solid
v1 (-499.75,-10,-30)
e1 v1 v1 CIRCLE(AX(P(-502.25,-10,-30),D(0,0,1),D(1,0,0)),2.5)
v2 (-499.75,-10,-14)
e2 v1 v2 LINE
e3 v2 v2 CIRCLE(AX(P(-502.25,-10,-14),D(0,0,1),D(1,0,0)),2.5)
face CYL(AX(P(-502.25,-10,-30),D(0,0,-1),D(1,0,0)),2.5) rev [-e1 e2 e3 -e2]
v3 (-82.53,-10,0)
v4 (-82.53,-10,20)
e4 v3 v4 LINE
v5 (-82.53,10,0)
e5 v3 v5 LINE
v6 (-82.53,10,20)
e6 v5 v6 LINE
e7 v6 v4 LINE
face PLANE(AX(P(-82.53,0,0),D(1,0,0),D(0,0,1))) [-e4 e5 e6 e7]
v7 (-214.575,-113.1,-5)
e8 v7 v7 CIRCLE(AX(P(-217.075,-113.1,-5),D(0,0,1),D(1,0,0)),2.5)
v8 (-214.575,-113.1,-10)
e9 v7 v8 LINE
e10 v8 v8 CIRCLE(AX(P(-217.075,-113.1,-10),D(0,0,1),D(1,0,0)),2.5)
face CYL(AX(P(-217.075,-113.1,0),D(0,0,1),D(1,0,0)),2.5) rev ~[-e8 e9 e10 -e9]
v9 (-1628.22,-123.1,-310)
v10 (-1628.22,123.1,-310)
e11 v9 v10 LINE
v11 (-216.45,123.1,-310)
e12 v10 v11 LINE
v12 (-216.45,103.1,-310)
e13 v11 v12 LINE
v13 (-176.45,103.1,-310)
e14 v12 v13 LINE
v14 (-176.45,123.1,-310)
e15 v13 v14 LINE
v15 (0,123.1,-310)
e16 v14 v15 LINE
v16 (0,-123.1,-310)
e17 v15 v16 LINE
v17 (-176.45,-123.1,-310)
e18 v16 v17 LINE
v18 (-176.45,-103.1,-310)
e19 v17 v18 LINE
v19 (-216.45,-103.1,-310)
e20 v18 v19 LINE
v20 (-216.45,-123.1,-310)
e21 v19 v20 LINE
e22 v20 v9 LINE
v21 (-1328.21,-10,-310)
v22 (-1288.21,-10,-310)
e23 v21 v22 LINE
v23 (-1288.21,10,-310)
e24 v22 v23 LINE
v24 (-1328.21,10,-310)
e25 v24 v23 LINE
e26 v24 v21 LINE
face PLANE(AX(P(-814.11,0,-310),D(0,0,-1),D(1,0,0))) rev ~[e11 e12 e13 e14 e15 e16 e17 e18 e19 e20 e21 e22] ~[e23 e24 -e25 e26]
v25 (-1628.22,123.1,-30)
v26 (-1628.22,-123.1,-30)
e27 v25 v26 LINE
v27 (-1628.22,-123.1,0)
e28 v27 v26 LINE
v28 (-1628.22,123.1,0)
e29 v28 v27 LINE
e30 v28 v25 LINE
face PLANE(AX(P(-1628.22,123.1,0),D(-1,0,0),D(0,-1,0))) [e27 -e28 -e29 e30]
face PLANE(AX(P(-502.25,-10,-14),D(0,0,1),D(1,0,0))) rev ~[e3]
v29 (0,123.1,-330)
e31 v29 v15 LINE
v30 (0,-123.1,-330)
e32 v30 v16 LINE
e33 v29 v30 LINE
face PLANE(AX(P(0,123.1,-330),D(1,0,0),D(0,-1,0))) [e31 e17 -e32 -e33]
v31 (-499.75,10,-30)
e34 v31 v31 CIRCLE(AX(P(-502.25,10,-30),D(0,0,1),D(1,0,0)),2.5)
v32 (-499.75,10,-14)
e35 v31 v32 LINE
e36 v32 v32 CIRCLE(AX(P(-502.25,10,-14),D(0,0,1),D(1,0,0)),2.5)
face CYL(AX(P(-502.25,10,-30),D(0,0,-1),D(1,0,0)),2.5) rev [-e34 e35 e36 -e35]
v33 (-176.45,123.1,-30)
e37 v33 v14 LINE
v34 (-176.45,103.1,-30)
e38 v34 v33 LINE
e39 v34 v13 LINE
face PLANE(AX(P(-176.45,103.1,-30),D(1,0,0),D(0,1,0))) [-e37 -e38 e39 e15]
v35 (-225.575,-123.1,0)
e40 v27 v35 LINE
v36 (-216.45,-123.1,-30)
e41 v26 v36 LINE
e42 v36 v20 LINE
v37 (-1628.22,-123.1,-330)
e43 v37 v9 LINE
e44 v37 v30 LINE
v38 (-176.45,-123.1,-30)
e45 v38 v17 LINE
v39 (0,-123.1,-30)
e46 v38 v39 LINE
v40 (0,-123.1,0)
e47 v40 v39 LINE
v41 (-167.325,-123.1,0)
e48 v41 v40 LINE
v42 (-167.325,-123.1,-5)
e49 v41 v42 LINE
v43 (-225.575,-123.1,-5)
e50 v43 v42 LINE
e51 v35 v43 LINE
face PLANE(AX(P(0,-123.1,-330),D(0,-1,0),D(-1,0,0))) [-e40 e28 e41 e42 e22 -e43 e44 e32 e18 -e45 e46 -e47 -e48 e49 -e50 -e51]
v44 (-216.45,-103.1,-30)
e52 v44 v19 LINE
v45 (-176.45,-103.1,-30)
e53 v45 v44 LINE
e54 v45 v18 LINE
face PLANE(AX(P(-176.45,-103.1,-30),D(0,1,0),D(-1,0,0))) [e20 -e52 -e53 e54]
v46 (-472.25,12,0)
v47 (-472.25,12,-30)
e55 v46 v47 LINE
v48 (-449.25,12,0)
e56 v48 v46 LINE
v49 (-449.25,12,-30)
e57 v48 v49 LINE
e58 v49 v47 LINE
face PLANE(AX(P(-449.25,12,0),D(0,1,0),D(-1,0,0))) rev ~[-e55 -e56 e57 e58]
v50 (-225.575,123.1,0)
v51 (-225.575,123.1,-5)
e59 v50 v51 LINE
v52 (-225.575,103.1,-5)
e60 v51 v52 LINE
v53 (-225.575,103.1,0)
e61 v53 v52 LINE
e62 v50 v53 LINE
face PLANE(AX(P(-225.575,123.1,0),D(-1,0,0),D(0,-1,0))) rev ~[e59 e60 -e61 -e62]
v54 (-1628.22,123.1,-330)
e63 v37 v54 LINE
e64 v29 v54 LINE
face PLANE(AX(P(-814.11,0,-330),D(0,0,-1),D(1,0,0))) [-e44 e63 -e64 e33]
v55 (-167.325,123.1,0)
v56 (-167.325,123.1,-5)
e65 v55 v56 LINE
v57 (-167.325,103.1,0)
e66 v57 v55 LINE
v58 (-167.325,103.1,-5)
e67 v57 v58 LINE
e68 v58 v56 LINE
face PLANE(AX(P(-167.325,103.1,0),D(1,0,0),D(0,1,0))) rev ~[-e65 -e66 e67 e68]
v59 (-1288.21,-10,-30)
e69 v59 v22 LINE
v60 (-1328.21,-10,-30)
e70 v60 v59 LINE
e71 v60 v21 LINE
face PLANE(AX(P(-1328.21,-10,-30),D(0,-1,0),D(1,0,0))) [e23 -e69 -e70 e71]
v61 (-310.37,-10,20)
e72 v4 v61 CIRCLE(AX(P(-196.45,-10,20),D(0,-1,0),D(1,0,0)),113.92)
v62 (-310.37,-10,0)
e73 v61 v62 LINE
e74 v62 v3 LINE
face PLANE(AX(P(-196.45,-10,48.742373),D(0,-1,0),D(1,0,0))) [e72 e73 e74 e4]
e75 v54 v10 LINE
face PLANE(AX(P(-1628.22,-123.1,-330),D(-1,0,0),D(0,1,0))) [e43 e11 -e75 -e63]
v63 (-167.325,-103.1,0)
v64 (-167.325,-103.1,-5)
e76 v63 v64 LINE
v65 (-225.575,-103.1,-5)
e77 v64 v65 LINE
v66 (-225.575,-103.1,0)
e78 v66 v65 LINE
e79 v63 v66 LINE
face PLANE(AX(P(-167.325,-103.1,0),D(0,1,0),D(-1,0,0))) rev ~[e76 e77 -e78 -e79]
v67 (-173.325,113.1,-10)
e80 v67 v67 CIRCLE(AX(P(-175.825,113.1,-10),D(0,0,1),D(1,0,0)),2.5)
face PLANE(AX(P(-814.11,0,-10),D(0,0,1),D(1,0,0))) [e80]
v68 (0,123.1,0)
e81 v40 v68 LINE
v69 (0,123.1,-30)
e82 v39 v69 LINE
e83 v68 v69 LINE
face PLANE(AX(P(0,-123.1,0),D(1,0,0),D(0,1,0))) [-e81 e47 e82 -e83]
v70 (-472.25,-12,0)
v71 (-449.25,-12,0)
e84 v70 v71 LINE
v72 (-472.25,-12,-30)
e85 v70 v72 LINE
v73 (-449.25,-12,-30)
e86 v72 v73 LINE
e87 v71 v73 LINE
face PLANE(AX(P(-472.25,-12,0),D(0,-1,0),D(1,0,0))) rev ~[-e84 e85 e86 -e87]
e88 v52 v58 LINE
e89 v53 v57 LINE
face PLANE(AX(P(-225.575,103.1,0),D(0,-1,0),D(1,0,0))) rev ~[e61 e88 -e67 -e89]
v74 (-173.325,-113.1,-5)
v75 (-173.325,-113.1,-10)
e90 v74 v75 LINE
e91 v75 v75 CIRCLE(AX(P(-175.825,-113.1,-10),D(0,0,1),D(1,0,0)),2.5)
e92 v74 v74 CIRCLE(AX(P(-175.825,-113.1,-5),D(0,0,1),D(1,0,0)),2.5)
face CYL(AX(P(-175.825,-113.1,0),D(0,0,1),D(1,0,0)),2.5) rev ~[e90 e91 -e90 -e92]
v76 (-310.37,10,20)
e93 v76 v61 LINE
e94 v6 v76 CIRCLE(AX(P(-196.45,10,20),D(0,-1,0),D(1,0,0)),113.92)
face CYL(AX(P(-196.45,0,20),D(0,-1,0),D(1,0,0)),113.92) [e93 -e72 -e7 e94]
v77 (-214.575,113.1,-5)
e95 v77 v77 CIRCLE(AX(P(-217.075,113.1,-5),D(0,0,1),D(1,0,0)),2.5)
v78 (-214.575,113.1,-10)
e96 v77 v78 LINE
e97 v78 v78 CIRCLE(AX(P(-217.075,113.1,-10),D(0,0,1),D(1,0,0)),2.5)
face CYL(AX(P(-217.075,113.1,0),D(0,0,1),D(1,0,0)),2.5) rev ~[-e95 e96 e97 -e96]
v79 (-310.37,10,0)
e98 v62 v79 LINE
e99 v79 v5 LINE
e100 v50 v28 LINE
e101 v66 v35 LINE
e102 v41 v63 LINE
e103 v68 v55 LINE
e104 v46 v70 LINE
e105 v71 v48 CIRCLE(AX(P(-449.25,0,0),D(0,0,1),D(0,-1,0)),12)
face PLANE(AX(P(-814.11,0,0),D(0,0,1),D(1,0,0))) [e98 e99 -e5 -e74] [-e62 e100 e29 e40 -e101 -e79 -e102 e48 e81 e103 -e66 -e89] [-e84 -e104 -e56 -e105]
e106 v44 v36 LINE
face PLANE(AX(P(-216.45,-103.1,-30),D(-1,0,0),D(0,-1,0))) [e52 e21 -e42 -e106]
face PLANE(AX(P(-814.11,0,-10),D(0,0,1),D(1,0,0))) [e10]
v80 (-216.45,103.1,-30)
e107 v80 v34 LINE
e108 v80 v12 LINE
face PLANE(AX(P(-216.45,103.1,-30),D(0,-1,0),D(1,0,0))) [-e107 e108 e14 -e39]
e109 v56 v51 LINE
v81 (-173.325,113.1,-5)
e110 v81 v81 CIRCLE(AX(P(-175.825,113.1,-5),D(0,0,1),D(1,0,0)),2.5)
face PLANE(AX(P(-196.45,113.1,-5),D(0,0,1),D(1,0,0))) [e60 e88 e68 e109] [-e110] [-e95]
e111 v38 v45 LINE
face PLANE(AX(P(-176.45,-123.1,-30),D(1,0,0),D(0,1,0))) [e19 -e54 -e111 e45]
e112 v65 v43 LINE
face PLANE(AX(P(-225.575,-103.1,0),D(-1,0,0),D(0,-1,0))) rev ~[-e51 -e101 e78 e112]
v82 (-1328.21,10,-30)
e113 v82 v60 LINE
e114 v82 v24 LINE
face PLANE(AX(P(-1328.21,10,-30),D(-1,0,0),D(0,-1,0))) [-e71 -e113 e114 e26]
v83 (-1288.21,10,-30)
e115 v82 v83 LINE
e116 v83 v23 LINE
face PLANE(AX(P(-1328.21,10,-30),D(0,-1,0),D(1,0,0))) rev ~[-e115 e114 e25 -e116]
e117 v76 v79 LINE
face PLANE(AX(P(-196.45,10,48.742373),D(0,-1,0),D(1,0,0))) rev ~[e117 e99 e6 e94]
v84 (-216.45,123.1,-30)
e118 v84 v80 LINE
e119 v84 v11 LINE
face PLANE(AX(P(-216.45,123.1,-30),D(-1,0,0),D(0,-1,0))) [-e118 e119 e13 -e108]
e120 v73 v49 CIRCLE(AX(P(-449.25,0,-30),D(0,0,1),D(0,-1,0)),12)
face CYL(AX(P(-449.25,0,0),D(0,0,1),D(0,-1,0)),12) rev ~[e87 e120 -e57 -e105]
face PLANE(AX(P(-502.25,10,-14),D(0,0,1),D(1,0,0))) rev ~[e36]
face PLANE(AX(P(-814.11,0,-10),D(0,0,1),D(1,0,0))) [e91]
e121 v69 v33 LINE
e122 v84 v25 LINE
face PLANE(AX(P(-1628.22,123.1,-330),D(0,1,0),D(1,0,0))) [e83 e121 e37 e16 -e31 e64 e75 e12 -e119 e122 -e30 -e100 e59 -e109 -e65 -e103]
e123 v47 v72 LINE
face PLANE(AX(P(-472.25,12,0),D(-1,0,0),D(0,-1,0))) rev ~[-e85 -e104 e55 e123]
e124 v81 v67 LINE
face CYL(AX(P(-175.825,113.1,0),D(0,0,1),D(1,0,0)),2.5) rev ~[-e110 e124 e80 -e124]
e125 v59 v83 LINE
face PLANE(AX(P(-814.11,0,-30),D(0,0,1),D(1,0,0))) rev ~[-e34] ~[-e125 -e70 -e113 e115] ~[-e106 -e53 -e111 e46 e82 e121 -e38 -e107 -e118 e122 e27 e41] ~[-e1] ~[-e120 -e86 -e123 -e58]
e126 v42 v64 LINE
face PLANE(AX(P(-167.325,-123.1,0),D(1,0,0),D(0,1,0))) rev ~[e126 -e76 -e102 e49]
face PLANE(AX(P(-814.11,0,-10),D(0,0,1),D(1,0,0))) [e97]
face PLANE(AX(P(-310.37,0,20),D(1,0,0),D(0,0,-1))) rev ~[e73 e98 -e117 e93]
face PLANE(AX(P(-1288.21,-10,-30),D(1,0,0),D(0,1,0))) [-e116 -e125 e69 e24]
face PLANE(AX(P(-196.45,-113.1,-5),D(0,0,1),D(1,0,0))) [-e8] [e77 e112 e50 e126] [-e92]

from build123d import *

# Parameters (mm, degrees)
F1_DEPTH      = 30
F3_DEPTH      = 10
F3_DEPTH_BACK = 10
F5_DEPTH      = 30.001
F6_R          = 2.5
F7_DEPTH      = 5
F8_DEPTH      = 10
F10_R         = 2.5
F11_DEPTH     = 16
F12_W         = 40
F12_H         = 10
F13_DEPTH     = 300
F16_DEPTH     = 20


with BuildPart() as f1:
    # F0 (on Top) → F1 (new body)
    with BuildSketch(Plane.XY):
        Polygon((0, -123.1), (0, 0), (0, 123.1), (-1628.22, 123.1), (-1628.22, -123.1), align=None)
    extrude(amount=-F1_DEPTH)

    # F2 (on Front) → F3 (join, two sides)
    with BuildSketch(Plane.XZ) as f3_sk:
        with BuildLine():
            Line((-196.45, 0), (-82.53, 0))
            Line((-82.53, 0), (-82.53, 20))
            ThreePointArc((-82.53, 20), (-196.45, 133.92), (-310.37, 20))
            Line((-310.37, 20), (-310.37, 0))
            Line((-310.37, 0), (-196.45, 0))
        make_face()
    extrude(amount=F3_DEPTH)
    extrude(f3_sk.sketch, amount=-F3_DEPTH_BACK)

    # F4 (on Top) → F5 (cut, through all)
    with BuildSketch(Plane.XY):
        with BuildLine():
            Line((-449.25, 12), (-460.75, 12))
            Line((-460.75, 12), (-472.25, 12))
            Line((-472.25, 12), (-472.25, -12))
            Line((-472.25, -12), (-449.25, -12))
            ThreePointArc((-449.25, -12), (-437.25, 0), (-449.25, 12))
        make_face()
    extrude(amount=-F5_DEPTH, mode=Mode.SUBTRACT)

    # F6 (on Top) → F7 (cut)
    with BuildSketch(Plane.XY):
        Polygon((-167.325, 123.1), (-196.45, 123.1), (-225.575, 123.1), (-225.575, 103.1), (-167.325, 103.1), align=None)
        with Locations((-217.075, 113.1)):
            Circle(F6_R, mode=Mode.SUBTRACT)
        with Locations((-175.825, 113.1)):
            Circle(F6_R, mode=Mode.SUBTRACT)
        Polygon((-167.325, -123.1), (-167.325, -103.1), (-225.575, -103.1), (-225.575, -123.1), (-196.45, -123.1), align=None)
        with Locations((-217.075, -113.1)):
            Circle(F6_R, mode=Mode.SUBTRACT)
        with Locations((-175.825, -113.1)):
            Circle(F6_R, mode=Mode.SUBTRACT)
    extrude(amount=-F7_DEPTH, mode=Mode.SUBTRACT)

    # F8 (cut): faces of the model
    f8_faces = [f1.faces().sort_by_distance(p)[0] for p in [
        (-175.825, 113.1, 0),
        (-217.075, 113.1, 0),
        (-175.825, -113.1, 0),
        (-217.075, -113.1, 0),
    ]]
    extrude(f8_faces, amount=-F8_DEPTH, mode=Mode.SUBTRACT)

    # F10 (on offset) → F11 (cut)
    with BuildSketch(Plane.XY.offset(-30)):
        with Locations((-502.25, -10)):
            Circle(F10_R)
        with Locations((-502.25, 10)):
            Circle(F10_R)
    extrude(amount=F11_DEPTH, mode=Mode.SUBTRACT)

    # F12 (on offset) → F13 (join)
    with BuildSketch(Plane.XY.offset(-30)):
        Polygon((-216.45, -123.1), (-196.45, -123.1), (-176.45, -123.1), (-176.45, -103.1), (-216.45, -103.1), align=None)
        Polygon((-216.45, 103.1), (-176.45, 103.1), (-176.45, 123.1), (-196.45, 123.1), (-216.45, 123.1), align=None)
        with Locations((-1308.21, 5)):
            Rectangle(F12_W, F12_H)
        with Locations((-1308.21, -5)):
            Rectangle(F12_W, F12_H)
    extrude(amount=-F13_DEPTH)

    # F15 (on offset) → F16 (join)
    with BuildSketch(Plane(origin=(0, 0, -330), x_dir=(1, 0, 0), z_dir=(0, 0, -1))):
        Polygon((0, -123.1), (0, 0), (0, 123.1), (-1628.22, 123.1), (-1628.22, -123.1), align=None)
    extrude(amount=-F16_DEPTH)


solid = f1.part
